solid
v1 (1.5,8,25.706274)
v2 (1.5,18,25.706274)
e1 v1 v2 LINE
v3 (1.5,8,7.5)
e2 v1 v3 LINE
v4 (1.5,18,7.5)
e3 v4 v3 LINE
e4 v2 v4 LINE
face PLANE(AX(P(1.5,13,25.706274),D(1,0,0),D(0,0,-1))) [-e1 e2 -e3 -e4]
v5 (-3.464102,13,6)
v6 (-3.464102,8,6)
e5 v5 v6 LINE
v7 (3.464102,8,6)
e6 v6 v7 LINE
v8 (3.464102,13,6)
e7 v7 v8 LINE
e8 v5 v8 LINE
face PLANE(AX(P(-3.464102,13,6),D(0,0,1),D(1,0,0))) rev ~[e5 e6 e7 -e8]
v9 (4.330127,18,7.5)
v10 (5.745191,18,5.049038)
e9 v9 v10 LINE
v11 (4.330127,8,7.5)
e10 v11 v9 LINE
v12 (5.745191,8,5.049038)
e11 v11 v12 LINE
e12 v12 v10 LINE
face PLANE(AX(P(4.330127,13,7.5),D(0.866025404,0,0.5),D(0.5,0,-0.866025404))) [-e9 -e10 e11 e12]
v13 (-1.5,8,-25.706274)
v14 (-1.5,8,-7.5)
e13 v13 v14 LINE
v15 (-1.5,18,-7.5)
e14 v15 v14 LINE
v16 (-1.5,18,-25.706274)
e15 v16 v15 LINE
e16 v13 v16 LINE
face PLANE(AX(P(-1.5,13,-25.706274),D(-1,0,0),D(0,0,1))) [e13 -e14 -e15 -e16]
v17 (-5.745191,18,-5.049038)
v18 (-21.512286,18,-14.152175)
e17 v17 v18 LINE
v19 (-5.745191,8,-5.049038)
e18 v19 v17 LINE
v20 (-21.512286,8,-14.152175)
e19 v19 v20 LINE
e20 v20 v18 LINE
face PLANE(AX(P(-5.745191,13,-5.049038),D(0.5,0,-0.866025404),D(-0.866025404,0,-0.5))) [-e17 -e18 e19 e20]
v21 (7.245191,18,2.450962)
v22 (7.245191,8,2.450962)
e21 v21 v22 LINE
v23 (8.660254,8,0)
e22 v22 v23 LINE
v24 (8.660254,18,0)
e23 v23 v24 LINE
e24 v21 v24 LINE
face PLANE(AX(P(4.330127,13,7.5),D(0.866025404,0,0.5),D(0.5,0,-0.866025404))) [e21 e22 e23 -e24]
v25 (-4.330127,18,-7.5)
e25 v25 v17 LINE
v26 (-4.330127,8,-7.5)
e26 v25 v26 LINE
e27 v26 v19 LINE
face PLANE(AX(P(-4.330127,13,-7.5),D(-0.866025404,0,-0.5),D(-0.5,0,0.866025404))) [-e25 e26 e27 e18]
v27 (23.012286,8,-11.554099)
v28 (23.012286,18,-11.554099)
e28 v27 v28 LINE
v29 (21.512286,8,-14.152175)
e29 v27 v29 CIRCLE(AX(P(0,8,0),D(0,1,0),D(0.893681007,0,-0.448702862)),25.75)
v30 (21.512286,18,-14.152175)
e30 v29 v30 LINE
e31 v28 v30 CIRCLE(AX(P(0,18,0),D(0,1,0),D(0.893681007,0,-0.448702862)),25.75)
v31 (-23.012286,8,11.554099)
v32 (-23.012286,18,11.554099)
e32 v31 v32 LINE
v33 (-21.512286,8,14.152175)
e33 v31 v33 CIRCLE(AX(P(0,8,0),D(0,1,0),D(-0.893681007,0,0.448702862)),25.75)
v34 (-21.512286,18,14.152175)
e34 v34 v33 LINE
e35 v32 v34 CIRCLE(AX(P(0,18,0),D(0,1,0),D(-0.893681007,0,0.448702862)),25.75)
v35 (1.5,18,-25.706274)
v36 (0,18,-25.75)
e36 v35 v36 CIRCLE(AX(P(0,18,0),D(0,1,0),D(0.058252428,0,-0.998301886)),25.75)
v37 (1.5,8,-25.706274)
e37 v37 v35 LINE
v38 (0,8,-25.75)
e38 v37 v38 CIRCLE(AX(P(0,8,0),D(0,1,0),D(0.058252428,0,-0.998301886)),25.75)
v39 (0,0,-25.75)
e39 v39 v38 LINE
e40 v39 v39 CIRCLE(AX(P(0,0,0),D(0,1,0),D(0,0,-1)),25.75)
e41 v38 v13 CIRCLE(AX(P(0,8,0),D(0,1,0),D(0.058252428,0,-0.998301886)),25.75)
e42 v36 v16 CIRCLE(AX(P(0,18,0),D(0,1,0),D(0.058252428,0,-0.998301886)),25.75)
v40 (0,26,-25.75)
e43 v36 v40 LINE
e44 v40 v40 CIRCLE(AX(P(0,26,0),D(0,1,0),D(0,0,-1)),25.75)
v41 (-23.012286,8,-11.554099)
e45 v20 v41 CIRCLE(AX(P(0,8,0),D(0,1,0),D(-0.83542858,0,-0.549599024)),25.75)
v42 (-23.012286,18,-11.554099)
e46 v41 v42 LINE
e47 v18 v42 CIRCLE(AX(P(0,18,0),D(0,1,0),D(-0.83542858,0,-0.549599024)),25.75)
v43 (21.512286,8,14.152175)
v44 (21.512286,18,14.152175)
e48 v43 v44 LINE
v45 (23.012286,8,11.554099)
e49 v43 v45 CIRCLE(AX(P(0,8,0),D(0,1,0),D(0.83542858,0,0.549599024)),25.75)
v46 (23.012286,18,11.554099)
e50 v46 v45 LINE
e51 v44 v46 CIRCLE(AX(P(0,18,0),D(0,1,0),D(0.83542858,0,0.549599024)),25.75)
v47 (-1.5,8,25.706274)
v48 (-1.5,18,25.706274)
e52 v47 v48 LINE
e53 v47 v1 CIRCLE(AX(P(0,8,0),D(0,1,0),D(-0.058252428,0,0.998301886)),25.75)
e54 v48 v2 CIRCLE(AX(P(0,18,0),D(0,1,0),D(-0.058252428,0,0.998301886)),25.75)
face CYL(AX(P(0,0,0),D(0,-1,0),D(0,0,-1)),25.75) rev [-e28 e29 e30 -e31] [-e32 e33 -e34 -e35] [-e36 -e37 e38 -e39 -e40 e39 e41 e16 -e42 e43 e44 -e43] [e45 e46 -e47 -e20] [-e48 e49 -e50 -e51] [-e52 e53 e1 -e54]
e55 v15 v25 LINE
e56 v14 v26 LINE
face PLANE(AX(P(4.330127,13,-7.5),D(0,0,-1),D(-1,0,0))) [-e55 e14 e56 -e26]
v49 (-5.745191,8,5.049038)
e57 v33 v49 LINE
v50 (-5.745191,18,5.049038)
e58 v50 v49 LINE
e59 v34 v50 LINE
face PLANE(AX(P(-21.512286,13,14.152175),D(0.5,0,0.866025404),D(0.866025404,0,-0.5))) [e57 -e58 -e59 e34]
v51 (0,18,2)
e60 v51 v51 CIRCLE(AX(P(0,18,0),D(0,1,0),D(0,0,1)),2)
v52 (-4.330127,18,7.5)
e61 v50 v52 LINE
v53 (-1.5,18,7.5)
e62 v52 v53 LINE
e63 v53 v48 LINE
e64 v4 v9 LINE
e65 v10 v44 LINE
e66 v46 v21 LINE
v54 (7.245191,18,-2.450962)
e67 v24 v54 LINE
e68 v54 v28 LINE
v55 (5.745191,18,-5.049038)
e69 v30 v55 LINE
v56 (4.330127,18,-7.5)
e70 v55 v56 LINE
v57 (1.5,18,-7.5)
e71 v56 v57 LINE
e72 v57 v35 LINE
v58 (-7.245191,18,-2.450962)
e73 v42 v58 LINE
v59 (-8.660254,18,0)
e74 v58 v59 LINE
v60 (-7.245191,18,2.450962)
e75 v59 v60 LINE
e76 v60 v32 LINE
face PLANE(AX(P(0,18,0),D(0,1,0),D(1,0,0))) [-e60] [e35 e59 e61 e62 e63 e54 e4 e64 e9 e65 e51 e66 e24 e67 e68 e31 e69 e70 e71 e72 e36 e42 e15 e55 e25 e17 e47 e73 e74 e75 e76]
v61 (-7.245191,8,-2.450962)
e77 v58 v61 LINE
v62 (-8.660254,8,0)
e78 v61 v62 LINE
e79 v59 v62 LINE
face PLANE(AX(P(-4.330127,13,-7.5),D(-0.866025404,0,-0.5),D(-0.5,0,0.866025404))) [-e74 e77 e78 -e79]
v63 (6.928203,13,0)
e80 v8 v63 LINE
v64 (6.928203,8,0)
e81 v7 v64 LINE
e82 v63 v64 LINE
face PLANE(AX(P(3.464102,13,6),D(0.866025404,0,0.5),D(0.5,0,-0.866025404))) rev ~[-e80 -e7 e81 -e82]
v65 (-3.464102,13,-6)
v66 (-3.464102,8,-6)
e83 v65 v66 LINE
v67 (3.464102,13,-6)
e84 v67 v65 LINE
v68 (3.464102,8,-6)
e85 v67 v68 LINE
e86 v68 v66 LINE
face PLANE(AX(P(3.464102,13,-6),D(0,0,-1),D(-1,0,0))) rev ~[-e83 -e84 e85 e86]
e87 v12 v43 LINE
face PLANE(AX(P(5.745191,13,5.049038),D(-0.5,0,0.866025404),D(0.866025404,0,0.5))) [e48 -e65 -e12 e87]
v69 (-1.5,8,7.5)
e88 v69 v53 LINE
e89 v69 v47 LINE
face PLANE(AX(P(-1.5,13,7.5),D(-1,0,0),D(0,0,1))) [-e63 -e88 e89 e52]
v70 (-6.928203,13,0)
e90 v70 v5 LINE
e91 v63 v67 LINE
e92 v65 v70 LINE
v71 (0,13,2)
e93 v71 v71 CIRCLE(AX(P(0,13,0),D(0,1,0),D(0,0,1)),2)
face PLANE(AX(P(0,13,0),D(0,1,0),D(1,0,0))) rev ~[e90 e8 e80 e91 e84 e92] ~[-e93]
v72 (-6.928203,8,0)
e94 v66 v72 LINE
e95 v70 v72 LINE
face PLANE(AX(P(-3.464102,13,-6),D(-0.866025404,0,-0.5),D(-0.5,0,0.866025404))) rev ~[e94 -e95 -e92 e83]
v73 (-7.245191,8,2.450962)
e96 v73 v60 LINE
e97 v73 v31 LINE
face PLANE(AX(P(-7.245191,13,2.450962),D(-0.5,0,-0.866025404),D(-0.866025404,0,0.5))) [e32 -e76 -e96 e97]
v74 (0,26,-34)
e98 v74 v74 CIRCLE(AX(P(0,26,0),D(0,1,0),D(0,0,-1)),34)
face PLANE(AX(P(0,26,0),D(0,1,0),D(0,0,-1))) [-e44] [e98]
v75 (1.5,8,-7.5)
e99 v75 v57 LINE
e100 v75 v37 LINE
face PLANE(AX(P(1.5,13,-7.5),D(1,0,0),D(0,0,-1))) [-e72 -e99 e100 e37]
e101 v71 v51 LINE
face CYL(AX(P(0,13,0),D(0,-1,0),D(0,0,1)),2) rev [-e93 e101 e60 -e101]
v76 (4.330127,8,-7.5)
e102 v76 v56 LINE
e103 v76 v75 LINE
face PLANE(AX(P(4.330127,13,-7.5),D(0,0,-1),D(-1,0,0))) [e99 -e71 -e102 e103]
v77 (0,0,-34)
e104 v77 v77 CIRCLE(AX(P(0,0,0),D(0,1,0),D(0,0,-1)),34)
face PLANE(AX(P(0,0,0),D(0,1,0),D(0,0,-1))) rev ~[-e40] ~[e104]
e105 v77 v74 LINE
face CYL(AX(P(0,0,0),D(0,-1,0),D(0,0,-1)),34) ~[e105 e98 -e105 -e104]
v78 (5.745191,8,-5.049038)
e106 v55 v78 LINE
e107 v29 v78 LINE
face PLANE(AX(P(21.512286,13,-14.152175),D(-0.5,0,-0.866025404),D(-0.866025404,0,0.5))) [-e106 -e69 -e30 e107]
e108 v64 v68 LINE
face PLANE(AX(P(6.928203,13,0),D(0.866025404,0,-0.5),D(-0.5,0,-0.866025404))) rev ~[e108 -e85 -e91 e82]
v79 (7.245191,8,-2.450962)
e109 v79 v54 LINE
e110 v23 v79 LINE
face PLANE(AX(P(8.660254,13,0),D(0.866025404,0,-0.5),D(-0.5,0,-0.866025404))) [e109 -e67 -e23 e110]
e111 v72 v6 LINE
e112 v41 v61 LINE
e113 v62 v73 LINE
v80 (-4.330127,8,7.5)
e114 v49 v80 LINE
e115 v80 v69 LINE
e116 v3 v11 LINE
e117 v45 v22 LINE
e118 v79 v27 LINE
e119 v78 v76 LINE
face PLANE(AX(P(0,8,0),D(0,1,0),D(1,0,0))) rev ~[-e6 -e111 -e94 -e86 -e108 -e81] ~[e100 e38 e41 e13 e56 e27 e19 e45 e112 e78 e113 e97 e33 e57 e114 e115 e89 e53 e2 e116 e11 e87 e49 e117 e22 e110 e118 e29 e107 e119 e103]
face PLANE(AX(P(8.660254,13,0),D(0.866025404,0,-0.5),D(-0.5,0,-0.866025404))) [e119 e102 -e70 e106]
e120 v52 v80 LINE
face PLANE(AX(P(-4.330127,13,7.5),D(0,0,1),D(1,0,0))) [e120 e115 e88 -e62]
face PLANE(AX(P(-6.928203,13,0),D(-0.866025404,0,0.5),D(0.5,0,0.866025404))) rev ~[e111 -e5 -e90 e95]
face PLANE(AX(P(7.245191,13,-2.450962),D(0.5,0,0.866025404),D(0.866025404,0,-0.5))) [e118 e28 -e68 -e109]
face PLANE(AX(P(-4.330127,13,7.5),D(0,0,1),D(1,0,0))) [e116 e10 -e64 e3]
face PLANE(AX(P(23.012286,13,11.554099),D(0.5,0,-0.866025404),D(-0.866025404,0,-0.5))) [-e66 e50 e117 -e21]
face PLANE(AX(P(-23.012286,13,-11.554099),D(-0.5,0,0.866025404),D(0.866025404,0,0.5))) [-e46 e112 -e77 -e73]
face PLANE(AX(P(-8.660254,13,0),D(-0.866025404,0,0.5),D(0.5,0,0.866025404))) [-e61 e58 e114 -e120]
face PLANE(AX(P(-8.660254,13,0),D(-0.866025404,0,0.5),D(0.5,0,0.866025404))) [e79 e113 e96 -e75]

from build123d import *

# Parameters (mm, degrees)
SKETCH_1_R      = 34
SKETCH_1_R_2    = 25.75
EXTRUDE_1_DEPTH = 26
EXTRUDE_2_DEPTH = 5
SKETCH_2_4_R    = 2
EXTRUDE_3_DEPTH = 5


with BuildPart() as part:
    # 草图1 → 凸台-拉伸1 (new body)
    with BuildSketch(Plane(origin=(0, 0, 0), x_dir=(1, 0, 0), z_dir=(0, 1, 0))):
        Circle(SKETCH_1_R)
        Circle(SKETCH_1_R_2, mode=Mode.SUBTRACT)
    extrude(amount=EXTRUDE_1_DEPTH)

    # 草图2 → 凸台-拉伸2 (add, symmetric)
    with BuildSketch(Plane(origin=(0, 13, 0), x_dir=(1, 0, 0), z_dir=(0, 1, 0))):
        with BuildLine():
            Line((7.245190528, -2.450961894), (8.660254038, 0))
            Line((8.660254038, 0), (7.245190528, 2.450961894))
            Line((7.245190528, 2.450961894), (23.012285934, 11.554098671))
            ThreePointArc((23.012285934, 11.554098671), (22.300154147, 12.875), (21.512285934, 14.152174882))
            Line((21.512285934, 14.152174882), (5.745190528, 5.049038106))
            Line((5.745190528, 5.049038106), (4.330127019, 7.5))
            Line((4.330127019, 7.5), (1.5, 7.5))
            Line((1.5, 7.5), (1.5, 25.706273553))
            ThreePointArc((1.5, 25.706273553), (0, 25.75), (-1.5, 25.706273553))
            Line((-1.5, 25.706273553), (-1.5, 7.5))
            Line((-1.5, 7.5), (-4.330127019, 7.5))
            Line((-4.330127019, 7.5), (-5.745190528, 5.049038106))
            Line((-5.745190528, 5.049038106), (-21.512285934, 14.152174882))
            ThreePointArc((-21.512285934, 14.152174882), (-22.300154147, 12.875), (-23.012285934, 11.554098671))
            Line((-23.012285934, 11.554098671), (-7.245190528, 2.450961894))
            Line((-7.245190528, 2.450961894), (-8.660254038, 0))
            Line((-8.660254038, 0), (-7.245190528, -2.450961894))
            Line((-7.245190528, -2.450961894), (-23.012285934, -11.554098671))
            ThreePointArc((-23.012285934, -11.554098671), (-22.300154147, -12.875), (-21.512285934, -14.152174882))
            Line((-21.512285934, -14.152174882), (-5.745190528, -5.049038106))
            Line((-5.745190528, -5.049038106), (-4.330127019, -7.5))
            Line((-4.330127019, -7.5), (-1.5, -7.5))
            Line((-1.5, -7.5), (-1.5, -25.706273553))
            ThreePointArc((-1.5, -25.706273553), (0, -25.75), (1.5, -25.706273553))
            Line((1.5, -25.706273553), (1.5, -7.5))
            Line((1.5, -7.5), (4.330127019, -7.5))
            Line((4.330127019, -7.5), (5.745190528, -5.049038106))
            Line((5.745190528, -5.049038106), (21.512285934, -14.152174882))
            ThreePointArc((21.512285934, -14.152174882), (22.300154147, -12.875), (23.012285934, -11.554098671))
            Line((23.012285934, -11.554098671), (7.245190528, -2.450961894))
        make_face()
        Polygon((3.464101615, 6), (6.92820323, 0), (3.464101615, -6), (-3.464101615, -6), (-6.92820323, 0), (-3.464101615, 6), align=None, mode=Mode.SUBTRACT)
    extrude(amount=EXTRUDE_2_DEPTH, both=True)

    # 草图2<4> → 凸台-拉伸3 (add)
    with BuildSketch(Plane(origin=(0, 13, 0), x_dir=(1, 0, 0), z_dir=(0, 1, 0))):
        Polygon((3.464101615, -6), (6.92820323, 0), (3.464101615, 6), (-3.464101615, 6), (-6.92820323, 0), (-3.464101615, -6), align=None)
        Circle(SKETCH_2_4_R, mode=Mode.SUBTRACT)
    extrude(amount=EXTRUDE_3_DEPTH)


solid = part.part
